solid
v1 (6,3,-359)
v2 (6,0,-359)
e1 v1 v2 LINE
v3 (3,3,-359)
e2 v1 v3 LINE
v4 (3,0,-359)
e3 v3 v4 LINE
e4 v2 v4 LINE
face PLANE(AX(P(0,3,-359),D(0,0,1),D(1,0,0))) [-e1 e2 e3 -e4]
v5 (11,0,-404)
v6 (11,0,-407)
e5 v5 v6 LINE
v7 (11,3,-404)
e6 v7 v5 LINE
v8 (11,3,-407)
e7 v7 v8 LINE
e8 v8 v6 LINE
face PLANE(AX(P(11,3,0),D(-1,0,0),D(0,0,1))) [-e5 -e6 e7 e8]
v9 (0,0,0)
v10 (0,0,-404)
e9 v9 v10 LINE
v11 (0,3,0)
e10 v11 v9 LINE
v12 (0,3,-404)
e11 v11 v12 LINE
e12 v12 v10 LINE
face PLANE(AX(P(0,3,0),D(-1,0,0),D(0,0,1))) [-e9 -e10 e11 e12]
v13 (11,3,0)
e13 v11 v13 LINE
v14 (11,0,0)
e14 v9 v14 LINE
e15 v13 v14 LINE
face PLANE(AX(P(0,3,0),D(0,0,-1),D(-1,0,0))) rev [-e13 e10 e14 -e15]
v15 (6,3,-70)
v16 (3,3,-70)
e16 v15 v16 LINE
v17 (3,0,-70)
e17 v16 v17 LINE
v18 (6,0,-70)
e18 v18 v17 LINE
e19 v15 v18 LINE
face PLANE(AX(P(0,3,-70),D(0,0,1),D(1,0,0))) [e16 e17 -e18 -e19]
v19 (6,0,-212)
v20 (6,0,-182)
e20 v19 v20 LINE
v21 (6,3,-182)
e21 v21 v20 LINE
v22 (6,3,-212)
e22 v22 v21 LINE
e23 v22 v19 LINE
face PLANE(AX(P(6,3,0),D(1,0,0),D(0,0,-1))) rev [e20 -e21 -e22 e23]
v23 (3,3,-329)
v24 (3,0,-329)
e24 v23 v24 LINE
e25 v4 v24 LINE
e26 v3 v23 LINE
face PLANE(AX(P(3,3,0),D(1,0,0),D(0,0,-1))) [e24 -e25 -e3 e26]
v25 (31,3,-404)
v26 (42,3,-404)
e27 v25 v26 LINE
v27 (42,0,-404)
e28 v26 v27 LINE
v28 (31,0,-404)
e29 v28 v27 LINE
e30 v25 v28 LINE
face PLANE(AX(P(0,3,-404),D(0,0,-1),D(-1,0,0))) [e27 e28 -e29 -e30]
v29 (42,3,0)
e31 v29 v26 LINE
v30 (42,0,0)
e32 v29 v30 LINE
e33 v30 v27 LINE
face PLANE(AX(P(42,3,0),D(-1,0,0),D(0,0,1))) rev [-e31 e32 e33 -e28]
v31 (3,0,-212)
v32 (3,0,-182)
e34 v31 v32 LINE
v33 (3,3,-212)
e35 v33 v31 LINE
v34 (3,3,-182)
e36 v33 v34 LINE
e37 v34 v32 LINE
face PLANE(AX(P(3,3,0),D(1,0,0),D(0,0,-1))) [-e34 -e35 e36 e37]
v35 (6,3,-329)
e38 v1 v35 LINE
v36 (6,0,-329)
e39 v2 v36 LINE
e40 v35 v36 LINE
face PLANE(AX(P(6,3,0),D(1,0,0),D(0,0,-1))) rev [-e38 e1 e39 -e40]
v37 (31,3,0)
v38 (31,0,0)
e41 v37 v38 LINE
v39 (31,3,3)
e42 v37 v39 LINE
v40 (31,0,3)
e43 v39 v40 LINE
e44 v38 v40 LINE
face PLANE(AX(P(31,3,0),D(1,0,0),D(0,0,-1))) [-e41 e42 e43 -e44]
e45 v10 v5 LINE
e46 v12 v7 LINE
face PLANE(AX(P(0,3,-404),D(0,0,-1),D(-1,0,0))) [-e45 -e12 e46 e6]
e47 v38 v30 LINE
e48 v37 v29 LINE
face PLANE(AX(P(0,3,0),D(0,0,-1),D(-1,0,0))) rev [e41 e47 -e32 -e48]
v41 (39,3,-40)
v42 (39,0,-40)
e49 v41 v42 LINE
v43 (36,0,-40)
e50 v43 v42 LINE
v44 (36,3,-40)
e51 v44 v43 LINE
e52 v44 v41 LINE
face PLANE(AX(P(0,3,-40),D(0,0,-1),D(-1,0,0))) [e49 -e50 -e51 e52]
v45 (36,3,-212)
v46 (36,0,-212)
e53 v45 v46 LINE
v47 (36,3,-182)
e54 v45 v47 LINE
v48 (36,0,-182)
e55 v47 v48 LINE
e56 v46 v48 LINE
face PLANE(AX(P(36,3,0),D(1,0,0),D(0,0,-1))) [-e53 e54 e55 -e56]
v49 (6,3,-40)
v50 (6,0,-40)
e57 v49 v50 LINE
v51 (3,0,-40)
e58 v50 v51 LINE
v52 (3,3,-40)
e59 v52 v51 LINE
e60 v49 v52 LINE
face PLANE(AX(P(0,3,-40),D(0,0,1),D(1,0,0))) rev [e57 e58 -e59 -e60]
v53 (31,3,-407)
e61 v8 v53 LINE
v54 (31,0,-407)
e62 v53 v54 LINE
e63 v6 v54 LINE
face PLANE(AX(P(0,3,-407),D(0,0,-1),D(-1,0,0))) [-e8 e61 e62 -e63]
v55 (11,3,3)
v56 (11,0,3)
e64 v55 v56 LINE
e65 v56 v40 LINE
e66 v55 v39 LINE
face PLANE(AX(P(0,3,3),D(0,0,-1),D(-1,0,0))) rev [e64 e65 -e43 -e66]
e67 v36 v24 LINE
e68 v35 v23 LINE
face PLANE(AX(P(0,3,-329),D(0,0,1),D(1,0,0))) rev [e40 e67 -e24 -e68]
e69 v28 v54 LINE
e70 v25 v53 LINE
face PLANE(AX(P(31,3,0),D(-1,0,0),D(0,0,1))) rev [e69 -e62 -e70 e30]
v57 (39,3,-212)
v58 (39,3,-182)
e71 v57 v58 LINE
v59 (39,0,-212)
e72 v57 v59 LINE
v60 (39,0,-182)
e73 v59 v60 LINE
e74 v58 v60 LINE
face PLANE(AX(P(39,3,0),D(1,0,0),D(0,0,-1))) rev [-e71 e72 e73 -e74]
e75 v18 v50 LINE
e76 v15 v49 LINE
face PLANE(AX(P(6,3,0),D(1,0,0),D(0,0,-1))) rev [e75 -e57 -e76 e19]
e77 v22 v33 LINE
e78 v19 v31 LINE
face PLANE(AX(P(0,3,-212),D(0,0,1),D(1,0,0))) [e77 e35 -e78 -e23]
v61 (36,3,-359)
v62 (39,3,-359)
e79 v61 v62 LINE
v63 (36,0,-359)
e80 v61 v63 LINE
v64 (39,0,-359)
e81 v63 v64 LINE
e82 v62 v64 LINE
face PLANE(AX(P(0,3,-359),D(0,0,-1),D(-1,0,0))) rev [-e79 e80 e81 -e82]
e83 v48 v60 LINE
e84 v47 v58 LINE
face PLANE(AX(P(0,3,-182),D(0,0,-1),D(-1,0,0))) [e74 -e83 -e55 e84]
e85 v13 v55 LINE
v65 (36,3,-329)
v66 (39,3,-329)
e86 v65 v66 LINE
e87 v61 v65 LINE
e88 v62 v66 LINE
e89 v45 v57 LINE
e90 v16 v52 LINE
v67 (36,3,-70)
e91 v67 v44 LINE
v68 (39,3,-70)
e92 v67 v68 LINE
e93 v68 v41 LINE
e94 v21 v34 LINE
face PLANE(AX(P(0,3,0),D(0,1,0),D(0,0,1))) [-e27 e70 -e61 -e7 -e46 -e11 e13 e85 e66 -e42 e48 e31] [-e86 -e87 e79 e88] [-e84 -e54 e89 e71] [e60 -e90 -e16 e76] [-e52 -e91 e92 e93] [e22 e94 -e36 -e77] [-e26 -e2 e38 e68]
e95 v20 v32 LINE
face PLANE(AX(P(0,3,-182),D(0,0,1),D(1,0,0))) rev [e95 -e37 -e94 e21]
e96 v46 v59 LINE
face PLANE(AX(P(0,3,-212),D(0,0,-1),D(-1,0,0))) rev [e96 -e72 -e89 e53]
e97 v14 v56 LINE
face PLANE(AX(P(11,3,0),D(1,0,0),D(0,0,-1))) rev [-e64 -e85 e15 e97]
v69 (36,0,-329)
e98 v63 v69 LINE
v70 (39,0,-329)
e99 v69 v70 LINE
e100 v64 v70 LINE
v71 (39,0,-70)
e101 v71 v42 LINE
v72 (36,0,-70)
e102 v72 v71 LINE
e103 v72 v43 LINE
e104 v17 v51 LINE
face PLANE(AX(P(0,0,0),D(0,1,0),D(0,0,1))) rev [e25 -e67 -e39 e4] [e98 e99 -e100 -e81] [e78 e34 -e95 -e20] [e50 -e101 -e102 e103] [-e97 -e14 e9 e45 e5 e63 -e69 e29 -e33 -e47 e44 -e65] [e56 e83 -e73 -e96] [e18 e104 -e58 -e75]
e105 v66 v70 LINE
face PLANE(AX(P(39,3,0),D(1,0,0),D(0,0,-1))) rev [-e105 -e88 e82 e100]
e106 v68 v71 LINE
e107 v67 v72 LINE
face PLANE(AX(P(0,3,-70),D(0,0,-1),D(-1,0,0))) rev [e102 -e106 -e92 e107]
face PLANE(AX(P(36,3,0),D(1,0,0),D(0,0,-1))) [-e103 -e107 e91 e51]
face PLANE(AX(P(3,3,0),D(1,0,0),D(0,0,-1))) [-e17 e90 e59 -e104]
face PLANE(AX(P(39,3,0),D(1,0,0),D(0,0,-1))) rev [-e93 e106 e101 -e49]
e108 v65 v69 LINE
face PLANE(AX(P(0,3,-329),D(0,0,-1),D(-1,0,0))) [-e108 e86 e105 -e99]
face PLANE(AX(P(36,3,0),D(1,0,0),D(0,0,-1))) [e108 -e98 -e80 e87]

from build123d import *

# Parameters (mm, degrees)
SKETCH1_W           = 3
SKETCH1_H           = 30
BOSS_EXTRUDE1_DEPTH = 3


with BuildPart() as part:
    # Sketch1 → Boss-Extrude1 (new body)
    with BuildSketch(Plane(origin=(0, 0, 0), x_dir=(1, 0, 0), z_dir=(0, 1, 0))):
        Polygon((31, 0), (42, 0), (42, 404), (31, 404), (31, 407), (11, 407), (11, 404), (0, 404), (0, 0), (11, 0), (11, -3), (31, -3), align=None)
        with Locations((37.5, 344)):
            Rectangle(SKETCH1_W, SKETCH1_H, mode=Mode.SUBTRACT)
        with Locations((37.5, 197)):
            Rectangle(SKETCH1_W, SKETCH1_H, mode=Mode.SUBTRACT)
        with Locations((37.5, 55)):
            Rectangle(SKETCH1_W, SKETCH1_H, mode=Mode.SUBTRACT)
        with Locations((4.5, 55)):
            Rectangle(SKETCH1_W, SKETCH1_H, mode=Mode.SUBTRACT)
        with Locations((4.5, 197)):
            Rectangle(SKETCH1_W, SKETCH1_H, mode=Mode.SUBTRACT)
        with Locations((4.5, 344)):
            Rectangle(SKETCH1_W, SKETCH1_H, mode=Mode.SUBTRACT)
    extrude(amount=BOSS_EXTRUDE1_DEPTH)


solid = part.part
